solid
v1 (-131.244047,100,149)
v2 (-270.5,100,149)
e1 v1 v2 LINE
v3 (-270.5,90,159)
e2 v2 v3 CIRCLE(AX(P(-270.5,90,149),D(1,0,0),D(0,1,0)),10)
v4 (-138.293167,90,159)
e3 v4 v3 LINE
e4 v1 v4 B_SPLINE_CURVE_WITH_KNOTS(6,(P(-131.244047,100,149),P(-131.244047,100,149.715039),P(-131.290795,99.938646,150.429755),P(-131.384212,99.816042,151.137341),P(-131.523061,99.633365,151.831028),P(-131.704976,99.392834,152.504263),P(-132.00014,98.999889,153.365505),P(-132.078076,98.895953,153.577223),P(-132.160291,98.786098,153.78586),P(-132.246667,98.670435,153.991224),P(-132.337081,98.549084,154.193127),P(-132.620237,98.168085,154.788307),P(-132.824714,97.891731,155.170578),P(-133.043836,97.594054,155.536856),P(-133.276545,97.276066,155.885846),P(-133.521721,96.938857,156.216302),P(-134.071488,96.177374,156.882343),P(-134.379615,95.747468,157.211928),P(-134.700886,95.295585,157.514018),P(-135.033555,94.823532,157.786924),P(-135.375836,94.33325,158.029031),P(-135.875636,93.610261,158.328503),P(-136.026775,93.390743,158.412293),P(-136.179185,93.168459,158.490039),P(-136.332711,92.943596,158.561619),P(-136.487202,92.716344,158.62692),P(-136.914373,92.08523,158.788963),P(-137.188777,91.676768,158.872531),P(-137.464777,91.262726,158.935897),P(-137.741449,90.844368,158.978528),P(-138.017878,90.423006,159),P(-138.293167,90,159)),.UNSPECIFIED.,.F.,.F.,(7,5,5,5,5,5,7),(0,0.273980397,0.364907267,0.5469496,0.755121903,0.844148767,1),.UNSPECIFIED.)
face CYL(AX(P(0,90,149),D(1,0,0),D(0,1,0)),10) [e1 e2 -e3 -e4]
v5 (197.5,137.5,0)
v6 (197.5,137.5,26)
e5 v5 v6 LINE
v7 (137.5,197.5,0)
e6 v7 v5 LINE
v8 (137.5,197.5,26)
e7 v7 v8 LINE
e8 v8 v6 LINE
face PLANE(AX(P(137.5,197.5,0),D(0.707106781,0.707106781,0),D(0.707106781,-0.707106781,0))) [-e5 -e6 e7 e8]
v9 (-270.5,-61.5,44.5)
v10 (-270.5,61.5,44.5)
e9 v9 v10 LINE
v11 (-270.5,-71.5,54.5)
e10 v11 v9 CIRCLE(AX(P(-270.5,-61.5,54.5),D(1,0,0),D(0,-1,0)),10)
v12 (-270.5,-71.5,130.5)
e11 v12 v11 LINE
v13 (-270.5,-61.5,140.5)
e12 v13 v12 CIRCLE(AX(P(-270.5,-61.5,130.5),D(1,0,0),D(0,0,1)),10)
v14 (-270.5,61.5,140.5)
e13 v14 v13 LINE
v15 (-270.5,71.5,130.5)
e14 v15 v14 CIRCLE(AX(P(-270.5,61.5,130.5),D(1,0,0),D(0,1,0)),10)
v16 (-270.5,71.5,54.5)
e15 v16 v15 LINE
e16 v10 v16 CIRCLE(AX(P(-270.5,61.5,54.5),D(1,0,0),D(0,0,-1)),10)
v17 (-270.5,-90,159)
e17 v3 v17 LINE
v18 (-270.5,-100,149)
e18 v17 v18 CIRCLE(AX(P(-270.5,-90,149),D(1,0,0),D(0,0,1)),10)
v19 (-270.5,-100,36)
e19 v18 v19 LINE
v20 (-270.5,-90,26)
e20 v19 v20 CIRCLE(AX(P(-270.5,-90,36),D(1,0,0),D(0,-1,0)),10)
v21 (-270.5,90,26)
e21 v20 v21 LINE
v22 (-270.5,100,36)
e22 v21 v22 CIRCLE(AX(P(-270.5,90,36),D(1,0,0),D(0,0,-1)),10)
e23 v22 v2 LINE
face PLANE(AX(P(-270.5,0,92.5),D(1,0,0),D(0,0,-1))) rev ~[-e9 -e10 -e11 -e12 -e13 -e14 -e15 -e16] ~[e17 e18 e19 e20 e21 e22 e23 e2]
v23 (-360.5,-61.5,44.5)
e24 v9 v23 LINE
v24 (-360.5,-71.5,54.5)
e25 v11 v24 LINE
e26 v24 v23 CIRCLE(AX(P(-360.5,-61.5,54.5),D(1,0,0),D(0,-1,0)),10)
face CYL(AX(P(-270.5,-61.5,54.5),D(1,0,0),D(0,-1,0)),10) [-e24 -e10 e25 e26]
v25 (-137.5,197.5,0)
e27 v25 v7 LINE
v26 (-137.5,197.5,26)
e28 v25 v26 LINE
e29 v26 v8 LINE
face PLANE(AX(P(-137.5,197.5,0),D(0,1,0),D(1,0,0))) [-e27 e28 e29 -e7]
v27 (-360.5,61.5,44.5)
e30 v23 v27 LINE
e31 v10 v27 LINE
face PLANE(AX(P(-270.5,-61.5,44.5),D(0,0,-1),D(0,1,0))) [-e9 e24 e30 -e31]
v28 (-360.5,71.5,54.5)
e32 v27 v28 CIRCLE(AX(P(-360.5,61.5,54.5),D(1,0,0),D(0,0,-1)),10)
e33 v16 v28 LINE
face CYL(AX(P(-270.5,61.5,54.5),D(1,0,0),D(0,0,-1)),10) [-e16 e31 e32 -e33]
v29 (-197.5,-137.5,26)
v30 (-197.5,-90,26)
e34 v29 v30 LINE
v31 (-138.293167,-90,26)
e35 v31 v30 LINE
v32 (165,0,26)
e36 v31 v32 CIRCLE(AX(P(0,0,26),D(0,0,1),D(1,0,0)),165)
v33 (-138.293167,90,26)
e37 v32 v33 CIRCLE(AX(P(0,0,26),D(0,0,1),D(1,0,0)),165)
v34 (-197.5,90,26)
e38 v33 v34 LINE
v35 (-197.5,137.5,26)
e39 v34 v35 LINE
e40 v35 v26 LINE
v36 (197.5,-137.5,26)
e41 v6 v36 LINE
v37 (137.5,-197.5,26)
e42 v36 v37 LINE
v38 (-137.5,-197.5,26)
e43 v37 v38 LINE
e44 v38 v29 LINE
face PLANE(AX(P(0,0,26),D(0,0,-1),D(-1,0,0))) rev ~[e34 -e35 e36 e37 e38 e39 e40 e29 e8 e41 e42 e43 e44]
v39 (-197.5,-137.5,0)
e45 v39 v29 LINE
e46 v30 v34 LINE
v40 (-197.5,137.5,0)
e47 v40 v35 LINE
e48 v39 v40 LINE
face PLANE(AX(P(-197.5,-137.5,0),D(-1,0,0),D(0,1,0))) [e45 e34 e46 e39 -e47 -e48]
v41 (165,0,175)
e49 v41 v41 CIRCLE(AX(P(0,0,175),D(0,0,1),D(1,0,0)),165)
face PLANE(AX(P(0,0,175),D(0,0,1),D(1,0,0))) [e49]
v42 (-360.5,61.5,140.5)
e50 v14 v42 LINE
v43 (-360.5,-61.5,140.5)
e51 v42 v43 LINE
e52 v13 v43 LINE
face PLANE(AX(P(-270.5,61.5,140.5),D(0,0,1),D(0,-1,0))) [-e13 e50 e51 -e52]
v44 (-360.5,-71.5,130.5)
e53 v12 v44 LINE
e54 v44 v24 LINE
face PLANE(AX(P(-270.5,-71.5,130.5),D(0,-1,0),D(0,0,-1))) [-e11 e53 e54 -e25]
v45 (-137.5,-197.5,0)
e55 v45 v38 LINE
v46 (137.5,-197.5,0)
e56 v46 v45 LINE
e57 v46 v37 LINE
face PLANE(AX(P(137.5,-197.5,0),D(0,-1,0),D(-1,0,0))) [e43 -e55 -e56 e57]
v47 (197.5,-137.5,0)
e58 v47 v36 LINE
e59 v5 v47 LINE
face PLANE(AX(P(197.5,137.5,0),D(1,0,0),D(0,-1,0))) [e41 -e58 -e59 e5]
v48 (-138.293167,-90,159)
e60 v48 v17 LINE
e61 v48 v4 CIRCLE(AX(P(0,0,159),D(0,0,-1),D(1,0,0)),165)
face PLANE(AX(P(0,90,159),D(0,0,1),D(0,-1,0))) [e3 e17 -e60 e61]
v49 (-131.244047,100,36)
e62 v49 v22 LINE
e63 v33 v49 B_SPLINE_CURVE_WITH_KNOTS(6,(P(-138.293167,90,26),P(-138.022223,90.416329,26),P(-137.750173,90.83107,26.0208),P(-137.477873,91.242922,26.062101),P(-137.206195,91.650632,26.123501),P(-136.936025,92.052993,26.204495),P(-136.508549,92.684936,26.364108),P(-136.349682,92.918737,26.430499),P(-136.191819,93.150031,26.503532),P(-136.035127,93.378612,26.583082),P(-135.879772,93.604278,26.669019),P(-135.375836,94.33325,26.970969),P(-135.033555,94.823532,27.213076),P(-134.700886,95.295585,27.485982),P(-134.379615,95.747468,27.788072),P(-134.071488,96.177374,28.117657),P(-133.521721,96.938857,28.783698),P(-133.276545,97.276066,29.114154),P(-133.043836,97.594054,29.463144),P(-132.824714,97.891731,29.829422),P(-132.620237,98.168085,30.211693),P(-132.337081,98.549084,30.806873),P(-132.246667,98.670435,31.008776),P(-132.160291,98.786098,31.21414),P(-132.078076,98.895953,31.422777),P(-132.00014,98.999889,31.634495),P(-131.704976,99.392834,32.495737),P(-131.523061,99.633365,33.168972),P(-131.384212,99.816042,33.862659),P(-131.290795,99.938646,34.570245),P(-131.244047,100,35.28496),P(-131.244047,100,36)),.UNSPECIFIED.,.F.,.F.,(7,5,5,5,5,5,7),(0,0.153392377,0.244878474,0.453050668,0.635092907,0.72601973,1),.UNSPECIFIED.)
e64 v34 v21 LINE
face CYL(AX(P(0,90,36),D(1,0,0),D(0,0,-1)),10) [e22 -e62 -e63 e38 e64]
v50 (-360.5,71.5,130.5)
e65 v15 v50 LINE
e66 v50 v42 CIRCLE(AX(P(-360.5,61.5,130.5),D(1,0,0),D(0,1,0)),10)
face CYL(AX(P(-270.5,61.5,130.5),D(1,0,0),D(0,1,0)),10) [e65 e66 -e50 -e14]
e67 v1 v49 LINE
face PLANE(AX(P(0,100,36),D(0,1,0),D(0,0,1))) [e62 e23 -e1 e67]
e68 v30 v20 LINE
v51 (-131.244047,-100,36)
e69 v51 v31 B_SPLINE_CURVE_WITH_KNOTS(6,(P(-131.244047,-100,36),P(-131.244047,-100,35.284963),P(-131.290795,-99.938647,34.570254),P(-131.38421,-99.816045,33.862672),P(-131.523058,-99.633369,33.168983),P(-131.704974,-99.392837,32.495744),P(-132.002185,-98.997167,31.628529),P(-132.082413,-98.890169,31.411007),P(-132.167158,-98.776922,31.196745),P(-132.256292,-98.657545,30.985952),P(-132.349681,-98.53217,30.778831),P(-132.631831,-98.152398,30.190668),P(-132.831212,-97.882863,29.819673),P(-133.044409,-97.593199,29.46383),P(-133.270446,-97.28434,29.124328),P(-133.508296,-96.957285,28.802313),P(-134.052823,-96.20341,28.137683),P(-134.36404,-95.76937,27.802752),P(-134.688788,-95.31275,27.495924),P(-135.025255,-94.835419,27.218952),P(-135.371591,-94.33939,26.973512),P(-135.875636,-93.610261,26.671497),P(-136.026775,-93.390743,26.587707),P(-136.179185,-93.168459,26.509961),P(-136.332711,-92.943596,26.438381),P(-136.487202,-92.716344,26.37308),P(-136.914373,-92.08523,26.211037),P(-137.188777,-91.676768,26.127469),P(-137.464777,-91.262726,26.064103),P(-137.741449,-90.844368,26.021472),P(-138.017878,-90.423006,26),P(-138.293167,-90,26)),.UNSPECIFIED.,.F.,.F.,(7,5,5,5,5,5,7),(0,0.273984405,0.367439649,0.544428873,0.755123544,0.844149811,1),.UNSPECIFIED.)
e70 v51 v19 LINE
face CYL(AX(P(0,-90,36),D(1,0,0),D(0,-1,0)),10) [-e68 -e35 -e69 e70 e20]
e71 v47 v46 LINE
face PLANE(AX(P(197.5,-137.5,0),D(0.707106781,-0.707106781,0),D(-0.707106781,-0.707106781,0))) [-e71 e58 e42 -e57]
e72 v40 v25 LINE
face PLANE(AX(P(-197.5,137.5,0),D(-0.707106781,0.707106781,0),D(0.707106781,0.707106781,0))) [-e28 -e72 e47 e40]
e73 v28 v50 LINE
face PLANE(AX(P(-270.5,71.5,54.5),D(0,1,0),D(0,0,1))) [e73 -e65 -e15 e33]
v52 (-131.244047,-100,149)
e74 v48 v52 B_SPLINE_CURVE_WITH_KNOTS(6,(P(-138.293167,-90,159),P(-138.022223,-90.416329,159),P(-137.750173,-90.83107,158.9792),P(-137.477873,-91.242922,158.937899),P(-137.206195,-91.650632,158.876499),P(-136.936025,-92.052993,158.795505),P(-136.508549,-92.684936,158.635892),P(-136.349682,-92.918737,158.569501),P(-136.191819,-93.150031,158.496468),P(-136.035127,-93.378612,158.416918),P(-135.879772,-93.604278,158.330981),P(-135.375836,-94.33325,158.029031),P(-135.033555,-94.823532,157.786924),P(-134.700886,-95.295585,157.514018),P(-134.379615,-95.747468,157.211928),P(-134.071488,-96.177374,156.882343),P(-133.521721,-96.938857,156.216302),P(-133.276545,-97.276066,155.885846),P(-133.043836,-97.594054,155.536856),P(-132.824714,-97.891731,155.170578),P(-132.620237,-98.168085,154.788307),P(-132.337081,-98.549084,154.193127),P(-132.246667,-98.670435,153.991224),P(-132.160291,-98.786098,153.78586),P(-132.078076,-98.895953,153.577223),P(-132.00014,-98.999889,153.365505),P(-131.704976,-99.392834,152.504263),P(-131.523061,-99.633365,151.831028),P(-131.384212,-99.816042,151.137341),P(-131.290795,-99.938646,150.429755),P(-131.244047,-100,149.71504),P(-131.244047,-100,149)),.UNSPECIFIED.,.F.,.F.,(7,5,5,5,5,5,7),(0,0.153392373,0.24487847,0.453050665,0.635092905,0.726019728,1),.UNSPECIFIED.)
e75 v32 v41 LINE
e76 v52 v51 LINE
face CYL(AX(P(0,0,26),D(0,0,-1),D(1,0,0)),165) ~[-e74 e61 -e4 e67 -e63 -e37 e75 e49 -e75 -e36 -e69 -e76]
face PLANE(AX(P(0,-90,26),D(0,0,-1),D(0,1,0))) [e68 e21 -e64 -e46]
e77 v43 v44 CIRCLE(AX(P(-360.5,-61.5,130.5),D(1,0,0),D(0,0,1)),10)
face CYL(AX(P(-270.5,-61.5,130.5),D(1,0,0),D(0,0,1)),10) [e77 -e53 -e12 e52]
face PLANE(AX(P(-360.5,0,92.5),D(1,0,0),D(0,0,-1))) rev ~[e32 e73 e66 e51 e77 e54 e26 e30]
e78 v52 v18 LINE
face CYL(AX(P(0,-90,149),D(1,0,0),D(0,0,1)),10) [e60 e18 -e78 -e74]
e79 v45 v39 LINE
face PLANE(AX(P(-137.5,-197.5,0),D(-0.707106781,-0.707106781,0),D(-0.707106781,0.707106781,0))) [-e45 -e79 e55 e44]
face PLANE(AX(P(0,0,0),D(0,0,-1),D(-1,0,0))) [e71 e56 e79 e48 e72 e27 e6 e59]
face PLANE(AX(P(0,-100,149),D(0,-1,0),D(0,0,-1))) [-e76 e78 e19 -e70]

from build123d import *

# Parameters (mm, degrees)
EXTRUDE_1_DEPTH = 26
SKETCH_3_R      = 165
EXTRUDE_2_DEPTH = 149
EXTRUDE_3_DEPTH = 270.5
EXTRUDE_4_DEPTH = 90


with BuildPart() as part:
    # 草圖1 → 填料-伸長1 (new body)
    with BuildSketch(Plane.XY):
        Polygon((-197.5, 137.5), (-137.5, 197.5), (137.5, 197.5), (197.5, 137.5), (197.5, -137.5), (137.5, -197.5), (-137.5, -197.5), (-197.5, -137.5), align=None)
    extrude(amount=EXTRUDE_1_DEPTH)

    # 草圖3 → 填料-伸長2 (add)
    with BuildSketch(Plane.XY.offset(26)):
        Circle(SKETCH_3_R)
    extrude(amount=EXTRUDE_2_DEPTH)

    # 草圖4 → 填料-伸長3 (add)
    with BuildSketch(Plane(origin=(0, 0, 0), x_dir=(0, 0, -1), z_dir=(1, 0, 0))):
        with BuildLine():
            Line((-36, 100), (-149, 100))
            ThreePointArc((-149, 100), (-156.071067812, 97.071067812), (-159, 90))
            Line((-159, 90), (-159, -90))
            ThreePointArc((-159, -90), (-156.071067812, -97.071067812), (-149, -100))
            Line((-149, -100), (-36, -100))
            ThreePointArc((-36, -100), (-28.928932188, -97.071067812), (-26, -90))
            Line((-26, -90), (-26, 90))
            ThreePointArc((-26, 90), (-28.928932188, 97.071067812), (-36, 100))
        make_face()
    extrude(amount=-EXTRUDE_3_DEPTH)

    # 草圖5 → 填料-伸長4 (add)
    with BuildSketch(Plane.ZY.offset(270.5)):
        with BuildLine():
            Line((54.5, 71.5), (130.5, 71.5))
            ThreePointArc((130.5, 71.5), (137.571067812, 68.571067812), (140.5, 61.5))
            Line((140.5, 61.5), (140.5, -61.5))
            ThreePointArc((140.5, -61.5), (137.571067812, -68.571067812), (130.5, -71.5))
            Line((130.5, -71.5), (54.5, -71.5))
            ThreePointArc((54.5, -71.5), (47.428932188, -68.571067812), (44.5, -61.5))
            Line((44.5, -61.5), (44.5, 61.5))
            ThreePointArc((44.5, 61.5), (47.428932188, 68.571067812), (54.5, 71.5))
        make_face()
    extrude(amount=EXTRUDE_4_DEPTH)


solid = part.part
